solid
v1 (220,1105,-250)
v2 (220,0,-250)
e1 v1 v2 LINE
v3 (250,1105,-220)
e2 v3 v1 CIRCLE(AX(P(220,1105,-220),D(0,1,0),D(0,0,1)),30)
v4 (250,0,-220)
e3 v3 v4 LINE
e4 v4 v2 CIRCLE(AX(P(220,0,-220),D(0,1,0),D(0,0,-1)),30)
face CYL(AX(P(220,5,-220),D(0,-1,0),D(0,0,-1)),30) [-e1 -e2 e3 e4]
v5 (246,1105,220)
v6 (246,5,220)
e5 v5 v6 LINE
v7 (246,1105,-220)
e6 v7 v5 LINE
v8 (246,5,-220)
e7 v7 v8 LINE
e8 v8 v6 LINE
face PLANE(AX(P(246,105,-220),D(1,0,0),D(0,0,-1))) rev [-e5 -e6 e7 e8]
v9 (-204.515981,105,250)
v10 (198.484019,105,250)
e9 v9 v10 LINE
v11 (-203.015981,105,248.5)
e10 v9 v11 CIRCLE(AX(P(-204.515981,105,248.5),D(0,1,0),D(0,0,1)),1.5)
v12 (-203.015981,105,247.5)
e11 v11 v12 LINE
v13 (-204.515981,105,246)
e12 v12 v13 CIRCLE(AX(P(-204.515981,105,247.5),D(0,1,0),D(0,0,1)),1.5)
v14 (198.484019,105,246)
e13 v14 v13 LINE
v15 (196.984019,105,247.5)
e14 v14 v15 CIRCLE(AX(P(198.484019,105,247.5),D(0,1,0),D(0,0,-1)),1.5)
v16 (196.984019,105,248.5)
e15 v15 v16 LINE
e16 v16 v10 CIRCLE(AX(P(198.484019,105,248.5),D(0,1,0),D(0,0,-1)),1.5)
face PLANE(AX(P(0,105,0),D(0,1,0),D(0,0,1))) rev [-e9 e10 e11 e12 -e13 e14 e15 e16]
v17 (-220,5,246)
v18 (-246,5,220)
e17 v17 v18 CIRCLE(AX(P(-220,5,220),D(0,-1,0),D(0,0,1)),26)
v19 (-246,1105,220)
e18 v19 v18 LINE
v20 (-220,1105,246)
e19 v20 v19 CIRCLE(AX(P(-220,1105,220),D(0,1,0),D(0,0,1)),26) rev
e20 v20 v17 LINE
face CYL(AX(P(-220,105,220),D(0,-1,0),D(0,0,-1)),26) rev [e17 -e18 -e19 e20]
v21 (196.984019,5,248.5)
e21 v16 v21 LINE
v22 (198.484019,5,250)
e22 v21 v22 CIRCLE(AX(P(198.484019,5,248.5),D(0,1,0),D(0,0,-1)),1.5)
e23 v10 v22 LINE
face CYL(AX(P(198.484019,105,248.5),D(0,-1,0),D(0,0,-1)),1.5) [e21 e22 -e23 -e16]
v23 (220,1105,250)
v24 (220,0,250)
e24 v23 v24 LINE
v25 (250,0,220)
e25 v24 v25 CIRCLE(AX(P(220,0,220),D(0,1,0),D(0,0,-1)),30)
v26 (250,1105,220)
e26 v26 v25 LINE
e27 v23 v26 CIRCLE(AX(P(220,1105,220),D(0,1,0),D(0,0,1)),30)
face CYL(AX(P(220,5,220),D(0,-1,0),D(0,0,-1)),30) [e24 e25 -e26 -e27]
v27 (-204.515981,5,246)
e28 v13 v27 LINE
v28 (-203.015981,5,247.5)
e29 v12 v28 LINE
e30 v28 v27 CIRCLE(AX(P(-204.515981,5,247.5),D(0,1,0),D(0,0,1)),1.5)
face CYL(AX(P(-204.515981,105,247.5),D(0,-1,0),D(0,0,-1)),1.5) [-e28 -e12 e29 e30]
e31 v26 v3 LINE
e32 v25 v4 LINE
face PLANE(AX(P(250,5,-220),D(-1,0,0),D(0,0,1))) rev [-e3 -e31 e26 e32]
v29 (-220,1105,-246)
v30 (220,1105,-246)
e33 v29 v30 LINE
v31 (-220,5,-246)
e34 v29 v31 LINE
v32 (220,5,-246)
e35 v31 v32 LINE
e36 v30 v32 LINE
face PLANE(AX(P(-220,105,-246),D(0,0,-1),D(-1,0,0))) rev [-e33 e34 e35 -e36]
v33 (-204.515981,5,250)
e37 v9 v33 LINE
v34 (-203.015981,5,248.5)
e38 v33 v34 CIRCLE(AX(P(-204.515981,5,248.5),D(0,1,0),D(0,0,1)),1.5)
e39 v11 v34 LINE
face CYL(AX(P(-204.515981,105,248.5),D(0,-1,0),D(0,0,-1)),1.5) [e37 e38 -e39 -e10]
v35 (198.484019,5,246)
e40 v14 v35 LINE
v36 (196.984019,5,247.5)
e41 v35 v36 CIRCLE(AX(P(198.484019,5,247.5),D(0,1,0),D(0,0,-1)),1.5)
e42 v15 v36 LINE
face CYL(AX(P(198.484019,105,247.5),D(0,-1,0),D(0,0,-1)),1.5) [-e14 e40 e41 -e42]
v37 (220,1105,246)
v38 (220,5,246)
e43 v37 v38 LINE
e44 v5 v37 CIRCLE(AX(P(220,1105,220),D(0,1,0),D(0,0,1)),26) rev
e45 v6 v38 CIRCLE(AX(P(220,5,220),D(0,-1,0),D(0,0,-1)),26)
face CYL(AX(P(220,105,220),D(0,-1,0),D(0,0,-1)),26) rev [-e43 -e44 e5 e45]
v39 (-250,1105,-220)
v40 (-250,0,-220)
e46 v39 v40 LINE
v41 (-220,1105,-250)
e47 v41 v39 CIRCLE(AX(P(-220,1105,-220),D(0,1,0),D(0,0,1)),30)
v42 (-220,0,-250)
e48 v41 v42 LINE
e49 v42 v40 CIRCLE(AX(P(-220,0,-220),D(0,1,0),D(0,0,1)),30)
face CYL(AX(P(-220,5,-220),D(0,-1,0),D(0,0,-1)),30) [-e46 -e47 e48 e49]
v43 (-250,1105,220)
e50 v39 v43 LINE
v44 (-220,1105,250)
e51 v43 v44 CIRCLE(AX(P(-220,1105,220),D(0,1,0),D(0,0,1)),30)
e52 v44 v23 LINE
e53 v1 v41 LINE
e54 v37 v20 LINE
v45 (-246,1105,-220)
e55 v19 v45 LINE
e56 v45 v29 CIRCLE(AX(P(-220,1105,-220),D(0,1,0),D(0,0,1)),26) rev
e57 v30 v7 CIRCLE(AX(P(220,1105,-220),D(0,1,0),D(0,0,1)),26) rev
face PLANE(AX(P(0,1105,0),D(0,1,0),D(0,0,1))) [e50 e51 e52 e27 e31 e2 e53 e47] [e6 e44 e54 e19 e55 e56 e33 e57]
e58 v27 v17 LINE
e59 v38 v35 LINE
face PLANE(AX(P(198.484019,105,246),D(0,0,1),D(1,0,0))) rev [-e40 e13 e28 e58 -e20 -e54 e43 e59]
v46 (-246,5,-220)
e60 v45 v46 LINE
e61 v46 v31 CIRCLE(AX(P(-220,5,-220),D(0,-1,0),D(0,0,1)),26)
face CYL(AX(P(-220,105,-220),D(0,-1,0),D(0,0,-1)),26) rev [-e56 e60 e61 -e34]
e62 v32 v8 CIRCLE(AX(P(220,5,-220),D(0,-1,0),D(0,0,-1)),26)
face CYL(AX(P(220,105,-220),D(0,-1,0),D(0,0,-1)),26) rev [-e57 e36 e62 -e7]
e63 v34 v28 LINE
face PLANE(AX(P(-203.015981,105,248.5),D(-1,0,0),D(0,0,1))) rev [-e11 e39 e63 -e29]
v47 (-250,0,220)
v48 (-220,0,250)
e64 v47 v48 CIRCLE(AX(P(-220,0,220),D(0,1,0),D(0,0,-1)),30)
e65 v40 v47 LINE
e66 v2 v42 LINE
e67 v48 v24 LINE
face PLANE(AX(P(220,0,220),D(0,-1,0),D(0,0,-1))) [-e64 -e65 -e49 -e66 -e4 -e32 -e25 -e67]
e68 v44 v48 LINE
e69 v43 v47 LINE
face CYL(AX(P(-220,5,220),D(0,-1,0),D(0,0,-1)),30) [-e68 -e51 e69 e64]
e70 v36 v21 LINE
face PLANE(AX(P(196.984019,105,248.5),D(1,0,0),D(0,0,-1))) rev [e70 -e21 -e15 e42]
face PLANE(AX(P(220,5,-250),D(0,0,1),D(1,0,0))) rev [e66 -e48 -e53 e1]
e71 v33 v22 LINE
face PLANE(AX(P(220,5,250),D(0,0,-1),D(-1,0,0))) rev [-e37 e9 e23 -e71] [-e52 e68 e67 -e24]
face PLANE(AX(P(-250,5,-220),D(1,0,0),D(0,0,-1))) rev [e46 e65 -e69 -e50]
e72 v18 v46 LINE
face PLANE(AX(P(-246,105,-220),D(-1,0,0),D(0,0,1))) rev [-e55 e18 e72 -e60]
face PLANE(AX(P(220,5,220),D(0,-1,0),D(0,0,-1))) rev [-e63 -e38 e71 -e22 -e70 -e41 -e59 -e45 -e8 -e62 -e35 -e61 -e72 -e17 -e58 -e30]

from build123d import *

# Parameters (mm, degrees)
EXTRUDE_1_DEPTH = 5
EXTRUDE_2_DEPTH = 100
EXTRUDE_3_DEPTH = 1000


with BuildPart() as part:
    # 草图1 → 凸台-拉伸1 (new body)
    with BuildSketch(Plane(origin=(0, 0, 0), x_dir=(1, 0, 0), z_dir=(0, 1, 0))):
        with BuildLine():
            Line((220, 250), (-220, 250))
            ThreePointArc((-220, 250), (-241.213203436, 241.213203436), (-250, 220))
            Line((-250, 220), (-250, -220))
            ThreePointArc((-250, -220), (-241.213203436, -241.213203436), (-220, -250))
            Line((-220, -250), (220, -250))
            ThreePointArc((220, -250), (241.213203436, -241.213203436), (250, -220))
            Line((250, -220), (250, 220))
            ThreePointArc((250, 220), (241.213203436, 241.213203436), (220, 250))
        make_face()
    extrude(amount=EXTRUDE_1_DEPTH)

    # 草图2 → 凸台-拉伸2 (add)
    with BuildSketch(Plane(origin=(0, 5, 0), x_dir=(1, 0, 0), z_dir=(0, 1, 0))):
        with BuildLine():
            Line((-220, -246), (-204.515980858, -246))
            ThreePointArc((-204.515980858, -246), (-203.455320686, -246.439339828), (-203.015980858, -247.5))
            Line((-203.015980858, -247.5), (-203.015980858, -248.5))
            ThreePointArc((-203.015980858, -248.5), (-203.455320686, -249.560660172), (-204.515980858, -250))
            Line((-204.515980858, -250), (-220, -250))
            ThreePointArc((-220, -250), (-241.213203436, -241.213203436), (-250, -220))
            Line((-250, -220), (-250, 220))
            ThreePointArc((-250, 220), (-241.213203436, 241.213203436), (-220, 250))
            Line((-220, 250), (220, 250))
            ThreePointArc((220, 250), (241.213203436, 241.213203436), (250, 220))
            Line((250, 220), (250, -220))
            ThreePointArc((250, -220), (241.213203436, -241.213203436), (220, -250))
            Line((220, -250), (198.484019142, -250))
            ThreePointArc((198.484019142, -250), (197.42335897, -249.560660172), (196.984019142, -248.5))
            Line((196.984019142, -248.5), (196.984019142, -247.5))
            ThreePointArc((196.984019142, -247.5), (197.42335897, -246.439339828), (198.484019142, -246))
            Line((198.484019142, -246), (220, -246))
            ThreePointArc((220, -246), (238.384776311, -238.384776311), (246, -220))
            Line((246, -220), (246, 220))
            ThreePointArc((246, 220), (238.384776311, 238.384776311), (220, 246))
            Line((220, 246), (-220, 246))
            ThreePointArc((-220, 246), (-238.384776311, 238.384776311), (-246, 220))
            Line((-246, 220), (-246, -220))
            ThreePointArc((-246, -220), (-238.384776311, -238.384776311), (-220, -246))
        make_face()
    extrude(amount=EXTRUDE_2_DEPTH)

    # 草图3 → 凸台-拉伸3 (add)
    with BuildSketch(Plane(origin=(0, 105, 0), x_dir=(1, 0, 0), z_dir=(0, 1, 0))):
        with BuildLine():
            Line((-204.515980858, -246), (-220, -246))
            ThreePointArc((-220, -246), (-238.384776311, -238.384776311), (-246, -220))
            Line((-246, -220), (-246, 220))
            ThreePointArc((-246, 220), (-238.384776311, 238.384776311), (-220, 246))
            Line((-220, 246), (220, 246))
            ThreePointArc((220, 246), (238.384776311, 238.384776311), (246, 220))
            Line((246, 220), (246, -220))
            ThreePointArc((246, -220), (238.384776311, -238.384776311), (220, -246))
            Line((220, -246), (198.484019142, -246))
            ThreePointArc((198.484019142, -246), (197.42335897, -246.439339828), (196.984019142, -247.5))
            Line((196.984019142, -247.5), (196.984019142, -248.5))
            ThreePointArc((196.984019142, -248.5), (197.42335897, -249.560660172), (198.484019142, -250))
            Line((198.484019142, -250), (220, -250))
            ThreePointArc((220, -250), (241.213203436, -241.213203436), (250, -220))
            Line((250, -220), (250, 220))
            ThreePointArc((250, 220), (241.213203436, 241.213203436), (220, 250))
            Line((220, 250), (-220, 250))
            ThreePointArc((-220, 250), (-241.213203436, 241.213203436), (-250, 220))
            Line((-250, 220), (-250, -220))
            ThreePointArc((-250, -220), (-241.213203436, -241.213203436), (-220, -250))
            Line((-220, -250), (-204.515980858, -250))
            ThreePointArc((-204.515980858, -250), (-203.455320686, -249.560660172), (-203.015980858, -248.5))
            Line((-203.015980858, -248.5), (-203.015980858, -247.5))
            ThreePointArc((-203.015980858, -247.5), (-203.455320686, -246.439339828), (-204.515980858, -246))
        make_face()
        with BuildLine():
            Line((-204.515980858, -250), (198.484019142, -250))
            ThreePointArc((198.484019142, -250), (197.42335897, -249.560660172), (196.984019142, -248.5))
            Line((196.984019142, -248.5), (196.984019142, -247.5))
            ThreePointArc((196.984019142, -247.5), (197.42335897, -246.439339828), (198.484019142, -246))
            Line((198.484019142, -246), (-204.515980858, -246))
            ThreePointArc((-204.515980858, -246), (-203.455320686, -246.439339828), (-203.015980858, -247.5))
            Line((-203.015980858, -247.5), (-203.015980858, -248.5))
            ThreePointArc((-203.015980858, -248.5), (-203.455320686, -249.560660172), (-204.515980858, -250))
        make_face()
    extrude(amount=EXTRUDE_3_DEPTH)


solid = part.part
